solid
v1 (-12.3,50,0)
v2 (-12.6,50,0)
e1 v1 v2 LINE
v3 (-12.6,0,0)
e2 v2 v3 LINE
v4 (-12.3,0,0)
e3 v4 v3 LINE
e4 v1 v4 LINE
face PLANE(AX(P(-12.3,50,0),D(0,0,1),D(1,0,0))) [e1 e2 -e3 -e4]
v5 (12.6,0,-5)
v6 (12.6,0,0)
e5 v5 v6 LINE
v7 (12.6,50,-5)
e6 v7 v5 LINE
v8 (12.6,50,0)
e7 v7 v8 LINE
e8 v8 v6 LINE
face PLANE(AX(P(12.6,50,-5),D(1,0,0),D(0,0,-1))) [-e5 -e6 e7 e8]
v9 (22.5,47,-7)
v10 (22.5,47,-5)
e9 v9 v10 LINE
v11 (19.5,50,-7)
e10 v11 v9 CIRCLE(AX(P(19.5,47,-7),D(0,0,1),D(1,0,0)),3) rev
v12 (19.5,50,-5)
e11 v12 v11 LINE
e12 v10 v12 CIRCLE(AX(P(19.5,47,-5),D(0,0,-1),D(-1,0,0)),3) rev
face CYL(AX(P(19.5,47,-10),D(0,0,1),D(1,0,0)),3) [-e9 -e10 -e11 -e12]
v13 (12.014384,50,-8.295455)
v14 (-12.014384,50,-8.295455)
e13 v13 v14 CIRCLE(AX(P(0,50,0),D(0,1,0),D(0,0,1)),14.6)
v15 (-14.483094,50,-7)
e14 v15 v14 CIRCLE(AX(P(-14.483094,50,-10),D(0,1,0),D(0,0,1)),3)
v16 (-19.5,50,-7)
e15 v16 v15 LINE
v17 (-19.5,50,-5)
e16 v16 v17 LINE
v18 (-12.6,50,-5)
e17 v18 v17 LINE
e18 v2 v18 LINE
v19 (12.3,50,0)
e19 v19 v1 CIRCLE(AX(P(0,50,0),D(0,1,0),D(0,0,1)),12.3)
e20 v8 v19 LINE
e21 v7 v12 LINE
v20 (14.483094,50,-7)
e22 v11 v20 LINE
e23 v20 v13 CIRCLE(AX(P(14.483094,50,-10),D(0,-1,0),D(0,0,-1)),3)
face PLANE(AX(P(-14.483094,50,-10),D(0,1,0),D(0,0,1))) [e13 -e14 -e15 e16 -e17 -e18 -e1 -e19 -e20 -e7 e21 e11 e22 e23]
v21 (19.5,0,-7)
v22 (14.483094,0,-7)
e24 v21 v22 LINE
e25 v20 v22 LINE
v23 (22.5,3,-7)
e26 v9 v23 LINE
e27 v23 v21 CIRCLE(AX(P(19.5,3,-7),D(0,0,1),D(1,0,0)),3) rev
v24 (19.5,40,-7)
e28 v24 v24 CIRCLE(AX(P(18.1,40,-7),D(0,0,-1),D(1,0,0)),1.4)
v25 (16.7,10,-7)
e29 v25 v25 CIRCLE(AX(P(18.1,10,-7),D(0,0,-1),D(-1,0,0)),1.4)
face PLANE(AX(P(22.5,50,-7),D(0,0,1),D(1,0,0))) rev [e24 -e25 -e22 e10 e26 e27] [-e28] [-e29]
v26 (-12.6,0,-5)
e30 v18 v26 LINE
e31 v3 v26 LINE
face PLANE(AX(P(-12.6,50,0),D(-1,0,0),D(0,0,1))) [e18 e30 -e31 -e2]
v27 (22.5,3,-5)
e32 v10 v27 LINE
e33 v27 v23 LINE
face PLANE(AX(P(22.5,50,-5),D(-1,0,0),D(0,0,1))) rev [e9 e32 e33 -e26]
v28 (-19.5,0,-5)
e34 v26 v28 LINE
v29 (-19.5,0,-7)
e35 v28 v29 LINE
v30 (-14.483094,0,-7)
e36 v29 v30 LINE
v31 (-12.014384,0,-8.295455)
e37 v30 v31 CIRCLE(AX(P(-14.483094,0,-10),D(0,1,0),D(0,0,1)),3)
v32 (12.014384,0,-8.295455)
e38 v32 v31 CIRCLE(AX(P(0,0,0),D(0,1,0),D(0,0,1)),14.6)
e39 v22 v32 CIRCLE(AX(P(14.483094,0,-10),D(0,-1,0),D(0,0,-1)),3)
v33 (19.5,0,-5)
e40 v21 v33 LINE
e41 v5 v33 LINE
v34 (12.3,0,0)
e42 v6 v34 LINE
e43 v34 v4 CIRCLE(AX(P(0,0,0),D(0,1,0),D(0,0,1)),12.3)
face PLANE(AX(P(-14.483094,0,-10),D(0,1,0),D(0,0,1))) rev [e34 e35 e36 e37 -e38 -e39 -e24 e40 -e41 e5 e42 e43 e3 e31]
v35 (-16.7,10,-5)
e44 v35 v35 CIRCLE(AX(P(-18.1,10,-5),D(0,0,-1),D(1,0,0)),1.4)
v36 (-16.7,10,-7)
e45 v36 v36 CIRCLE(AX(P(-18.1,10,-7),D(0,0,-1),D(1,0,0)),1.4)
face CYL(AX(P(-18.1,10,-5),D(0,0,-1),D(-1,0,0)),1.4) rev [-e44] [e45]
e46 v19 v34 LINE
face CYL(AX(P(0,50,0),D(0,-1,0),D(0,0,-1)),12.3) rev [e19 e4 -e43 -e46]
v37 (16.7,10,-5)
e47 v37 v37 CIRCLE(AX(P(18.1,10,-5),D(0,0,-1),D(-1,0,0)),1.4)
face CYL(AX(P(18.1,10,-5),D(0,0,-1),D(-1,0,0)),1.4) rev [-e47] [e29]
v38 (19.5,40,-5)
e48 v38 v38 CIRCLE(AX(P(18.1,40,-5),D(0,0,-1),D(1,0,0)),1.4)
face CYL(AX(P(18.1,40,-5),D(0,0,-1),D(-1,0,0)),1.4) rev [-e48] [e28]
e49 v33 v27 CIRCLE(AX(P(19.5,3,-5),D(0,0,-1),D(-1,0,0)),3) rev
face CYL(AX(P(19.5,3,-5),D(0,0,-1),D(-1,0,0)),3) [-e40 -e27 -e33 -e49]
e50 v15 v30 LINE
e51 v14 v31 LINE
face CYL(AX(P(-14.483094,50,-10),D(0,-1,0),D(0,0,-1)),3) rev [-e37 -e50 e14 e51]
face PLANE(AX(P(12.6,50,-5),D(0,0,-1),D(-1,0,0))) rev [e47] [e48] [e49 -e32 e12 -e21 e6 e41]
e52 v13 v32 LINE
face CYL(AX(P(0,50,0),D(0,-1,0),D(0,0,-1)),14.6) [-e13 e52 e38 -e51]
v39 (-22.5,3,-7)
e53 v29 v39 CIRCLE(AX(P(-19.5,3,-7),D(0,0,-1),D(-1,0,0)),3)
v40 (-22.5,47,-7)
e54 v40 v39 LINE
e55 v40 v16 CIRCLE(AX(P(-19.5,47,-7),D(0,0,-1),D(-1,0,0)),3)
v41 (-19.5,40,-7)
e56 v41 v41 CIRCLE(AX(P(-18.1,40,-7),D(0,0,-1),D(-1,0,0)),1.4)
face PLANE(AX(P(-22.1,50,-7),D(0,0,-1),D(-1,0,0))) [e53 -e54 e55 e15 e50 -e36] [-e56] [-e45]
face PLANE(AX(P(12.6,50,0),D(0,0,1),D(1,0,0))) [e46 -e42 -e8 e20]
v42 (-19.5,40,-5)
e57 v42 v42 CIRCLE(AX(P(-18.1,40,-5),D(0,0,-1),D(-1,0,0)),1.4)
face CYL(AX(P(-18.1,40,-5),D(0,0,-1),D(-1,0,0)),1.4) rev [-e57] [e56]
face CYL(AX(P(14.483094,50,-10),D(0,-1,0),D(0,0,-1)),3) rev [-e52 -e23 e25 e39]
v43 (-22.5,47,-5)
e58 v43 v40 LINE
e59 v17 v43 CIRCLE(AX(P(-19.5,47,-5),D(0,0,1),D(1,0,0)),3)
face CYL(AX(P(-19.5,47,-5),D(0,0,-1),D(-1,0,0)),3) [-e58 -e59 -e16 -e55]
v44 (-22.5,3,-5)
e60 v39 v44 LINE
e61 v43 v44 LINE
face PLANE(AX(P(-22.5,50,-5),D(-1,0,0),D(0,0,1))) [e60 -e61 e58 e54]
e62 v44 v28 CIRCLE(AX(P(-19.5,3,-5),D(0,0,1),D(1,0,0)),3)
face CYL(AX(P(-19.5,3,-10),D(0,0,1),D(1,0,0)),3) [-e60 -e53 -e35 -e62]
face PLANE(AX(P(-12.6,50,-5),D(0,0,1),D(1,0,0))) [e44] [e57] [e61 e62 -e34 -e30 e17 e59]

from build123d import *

# Parameters (mm, degrees)
BOSS_EXTRUDE1_DEPTH = 50
SKETCH2_R           = 1.4
CUT_EXTRUDE3_DEPTH  = 2
FILLET2_R           = 3


with BuildPart() as part:
    # Sketch1 → Boss-Extrude1 (new body)
    with BuildSketch(Plane(origin=(0, 0, 0), x_dir=(1, 0, 0), z_dir=(0, 1, 0))):
        with BuildLine():
            Line((-12.6, 0), (-12.6, 5))
            Line((-12.6, 5), (-22.5, 5))
            Line((-22.5, 5), (-22.5, 7))
            Line((-22.5, 7), (-22.1, 7))
            Line((-22.1, 7), (-14.483093592, 7))
            ThreePointArc((-14.483093592, 7), (-13.089113026, 7.343532763), (-12.014384457, 8.295454545))
            ThreePointArc((-12.014384457, 8.295454545), (0, 14.6), (12.014384457, 8.295454545))
            ThreePointArc((12.014384457, 8.295454545), (13.089113026, 7.343532763), (14.483093592, 7))
            Line((14.483093592, 7), (22.1, 7))
            Line((22.1, 7), (22.5, 7))
            Line((22.5, 7), (22.5, 5))
            Line((22.5, 5), (12.6, 5))
            Line((12.6, 5), (12.6, 0))
            Line((12.6, 0), (12.3, 0))
            ThreePointArc((12.3, 0), (0, 12.3), (-12.3, 0))
            Line((-12.3, 0), (-12.6, 0))
        make_face()
    extrude(amount=BOSS_EXTRUDE1_DEPTH)

    # Sketch2 → Cut-Extrude3 (cut)
    with BuildSketch(Plane(origin=(0, 0, -7), x_dir=(-1, 0, 0), z_dir=(0, 0, -1))):
        with Locations((-18.1, 10)):
            Circle(SKETCH2_R)
        with Locations(Location((-18.1, 40, 0), (0, 0, 180))):
            Circle(SKETCH2_R)
        with Locations((18.1, 40)):
            Circle(SKETCH2_R)
        with Locations(Location((18.1, 10, 0), (0, 0, 180))):
            Circle(SKETCH2_R)
    extrude(amount=-CUT_EXTRUDE3_DEPTH, mode=Mode.SUBTRACT)

    # Fillet2
    fillet2_edges = [part.edges().sort_by_distance(p)[0] for p in [
        (-22.5, 0, -6),
        (22.5, 0, -6),
        (22.5, 50, -6),
        (-22.5, 50, -6),
    ]]
    fillet(fillet2_edges, radius=FILLET2_R)


solid = part.part
